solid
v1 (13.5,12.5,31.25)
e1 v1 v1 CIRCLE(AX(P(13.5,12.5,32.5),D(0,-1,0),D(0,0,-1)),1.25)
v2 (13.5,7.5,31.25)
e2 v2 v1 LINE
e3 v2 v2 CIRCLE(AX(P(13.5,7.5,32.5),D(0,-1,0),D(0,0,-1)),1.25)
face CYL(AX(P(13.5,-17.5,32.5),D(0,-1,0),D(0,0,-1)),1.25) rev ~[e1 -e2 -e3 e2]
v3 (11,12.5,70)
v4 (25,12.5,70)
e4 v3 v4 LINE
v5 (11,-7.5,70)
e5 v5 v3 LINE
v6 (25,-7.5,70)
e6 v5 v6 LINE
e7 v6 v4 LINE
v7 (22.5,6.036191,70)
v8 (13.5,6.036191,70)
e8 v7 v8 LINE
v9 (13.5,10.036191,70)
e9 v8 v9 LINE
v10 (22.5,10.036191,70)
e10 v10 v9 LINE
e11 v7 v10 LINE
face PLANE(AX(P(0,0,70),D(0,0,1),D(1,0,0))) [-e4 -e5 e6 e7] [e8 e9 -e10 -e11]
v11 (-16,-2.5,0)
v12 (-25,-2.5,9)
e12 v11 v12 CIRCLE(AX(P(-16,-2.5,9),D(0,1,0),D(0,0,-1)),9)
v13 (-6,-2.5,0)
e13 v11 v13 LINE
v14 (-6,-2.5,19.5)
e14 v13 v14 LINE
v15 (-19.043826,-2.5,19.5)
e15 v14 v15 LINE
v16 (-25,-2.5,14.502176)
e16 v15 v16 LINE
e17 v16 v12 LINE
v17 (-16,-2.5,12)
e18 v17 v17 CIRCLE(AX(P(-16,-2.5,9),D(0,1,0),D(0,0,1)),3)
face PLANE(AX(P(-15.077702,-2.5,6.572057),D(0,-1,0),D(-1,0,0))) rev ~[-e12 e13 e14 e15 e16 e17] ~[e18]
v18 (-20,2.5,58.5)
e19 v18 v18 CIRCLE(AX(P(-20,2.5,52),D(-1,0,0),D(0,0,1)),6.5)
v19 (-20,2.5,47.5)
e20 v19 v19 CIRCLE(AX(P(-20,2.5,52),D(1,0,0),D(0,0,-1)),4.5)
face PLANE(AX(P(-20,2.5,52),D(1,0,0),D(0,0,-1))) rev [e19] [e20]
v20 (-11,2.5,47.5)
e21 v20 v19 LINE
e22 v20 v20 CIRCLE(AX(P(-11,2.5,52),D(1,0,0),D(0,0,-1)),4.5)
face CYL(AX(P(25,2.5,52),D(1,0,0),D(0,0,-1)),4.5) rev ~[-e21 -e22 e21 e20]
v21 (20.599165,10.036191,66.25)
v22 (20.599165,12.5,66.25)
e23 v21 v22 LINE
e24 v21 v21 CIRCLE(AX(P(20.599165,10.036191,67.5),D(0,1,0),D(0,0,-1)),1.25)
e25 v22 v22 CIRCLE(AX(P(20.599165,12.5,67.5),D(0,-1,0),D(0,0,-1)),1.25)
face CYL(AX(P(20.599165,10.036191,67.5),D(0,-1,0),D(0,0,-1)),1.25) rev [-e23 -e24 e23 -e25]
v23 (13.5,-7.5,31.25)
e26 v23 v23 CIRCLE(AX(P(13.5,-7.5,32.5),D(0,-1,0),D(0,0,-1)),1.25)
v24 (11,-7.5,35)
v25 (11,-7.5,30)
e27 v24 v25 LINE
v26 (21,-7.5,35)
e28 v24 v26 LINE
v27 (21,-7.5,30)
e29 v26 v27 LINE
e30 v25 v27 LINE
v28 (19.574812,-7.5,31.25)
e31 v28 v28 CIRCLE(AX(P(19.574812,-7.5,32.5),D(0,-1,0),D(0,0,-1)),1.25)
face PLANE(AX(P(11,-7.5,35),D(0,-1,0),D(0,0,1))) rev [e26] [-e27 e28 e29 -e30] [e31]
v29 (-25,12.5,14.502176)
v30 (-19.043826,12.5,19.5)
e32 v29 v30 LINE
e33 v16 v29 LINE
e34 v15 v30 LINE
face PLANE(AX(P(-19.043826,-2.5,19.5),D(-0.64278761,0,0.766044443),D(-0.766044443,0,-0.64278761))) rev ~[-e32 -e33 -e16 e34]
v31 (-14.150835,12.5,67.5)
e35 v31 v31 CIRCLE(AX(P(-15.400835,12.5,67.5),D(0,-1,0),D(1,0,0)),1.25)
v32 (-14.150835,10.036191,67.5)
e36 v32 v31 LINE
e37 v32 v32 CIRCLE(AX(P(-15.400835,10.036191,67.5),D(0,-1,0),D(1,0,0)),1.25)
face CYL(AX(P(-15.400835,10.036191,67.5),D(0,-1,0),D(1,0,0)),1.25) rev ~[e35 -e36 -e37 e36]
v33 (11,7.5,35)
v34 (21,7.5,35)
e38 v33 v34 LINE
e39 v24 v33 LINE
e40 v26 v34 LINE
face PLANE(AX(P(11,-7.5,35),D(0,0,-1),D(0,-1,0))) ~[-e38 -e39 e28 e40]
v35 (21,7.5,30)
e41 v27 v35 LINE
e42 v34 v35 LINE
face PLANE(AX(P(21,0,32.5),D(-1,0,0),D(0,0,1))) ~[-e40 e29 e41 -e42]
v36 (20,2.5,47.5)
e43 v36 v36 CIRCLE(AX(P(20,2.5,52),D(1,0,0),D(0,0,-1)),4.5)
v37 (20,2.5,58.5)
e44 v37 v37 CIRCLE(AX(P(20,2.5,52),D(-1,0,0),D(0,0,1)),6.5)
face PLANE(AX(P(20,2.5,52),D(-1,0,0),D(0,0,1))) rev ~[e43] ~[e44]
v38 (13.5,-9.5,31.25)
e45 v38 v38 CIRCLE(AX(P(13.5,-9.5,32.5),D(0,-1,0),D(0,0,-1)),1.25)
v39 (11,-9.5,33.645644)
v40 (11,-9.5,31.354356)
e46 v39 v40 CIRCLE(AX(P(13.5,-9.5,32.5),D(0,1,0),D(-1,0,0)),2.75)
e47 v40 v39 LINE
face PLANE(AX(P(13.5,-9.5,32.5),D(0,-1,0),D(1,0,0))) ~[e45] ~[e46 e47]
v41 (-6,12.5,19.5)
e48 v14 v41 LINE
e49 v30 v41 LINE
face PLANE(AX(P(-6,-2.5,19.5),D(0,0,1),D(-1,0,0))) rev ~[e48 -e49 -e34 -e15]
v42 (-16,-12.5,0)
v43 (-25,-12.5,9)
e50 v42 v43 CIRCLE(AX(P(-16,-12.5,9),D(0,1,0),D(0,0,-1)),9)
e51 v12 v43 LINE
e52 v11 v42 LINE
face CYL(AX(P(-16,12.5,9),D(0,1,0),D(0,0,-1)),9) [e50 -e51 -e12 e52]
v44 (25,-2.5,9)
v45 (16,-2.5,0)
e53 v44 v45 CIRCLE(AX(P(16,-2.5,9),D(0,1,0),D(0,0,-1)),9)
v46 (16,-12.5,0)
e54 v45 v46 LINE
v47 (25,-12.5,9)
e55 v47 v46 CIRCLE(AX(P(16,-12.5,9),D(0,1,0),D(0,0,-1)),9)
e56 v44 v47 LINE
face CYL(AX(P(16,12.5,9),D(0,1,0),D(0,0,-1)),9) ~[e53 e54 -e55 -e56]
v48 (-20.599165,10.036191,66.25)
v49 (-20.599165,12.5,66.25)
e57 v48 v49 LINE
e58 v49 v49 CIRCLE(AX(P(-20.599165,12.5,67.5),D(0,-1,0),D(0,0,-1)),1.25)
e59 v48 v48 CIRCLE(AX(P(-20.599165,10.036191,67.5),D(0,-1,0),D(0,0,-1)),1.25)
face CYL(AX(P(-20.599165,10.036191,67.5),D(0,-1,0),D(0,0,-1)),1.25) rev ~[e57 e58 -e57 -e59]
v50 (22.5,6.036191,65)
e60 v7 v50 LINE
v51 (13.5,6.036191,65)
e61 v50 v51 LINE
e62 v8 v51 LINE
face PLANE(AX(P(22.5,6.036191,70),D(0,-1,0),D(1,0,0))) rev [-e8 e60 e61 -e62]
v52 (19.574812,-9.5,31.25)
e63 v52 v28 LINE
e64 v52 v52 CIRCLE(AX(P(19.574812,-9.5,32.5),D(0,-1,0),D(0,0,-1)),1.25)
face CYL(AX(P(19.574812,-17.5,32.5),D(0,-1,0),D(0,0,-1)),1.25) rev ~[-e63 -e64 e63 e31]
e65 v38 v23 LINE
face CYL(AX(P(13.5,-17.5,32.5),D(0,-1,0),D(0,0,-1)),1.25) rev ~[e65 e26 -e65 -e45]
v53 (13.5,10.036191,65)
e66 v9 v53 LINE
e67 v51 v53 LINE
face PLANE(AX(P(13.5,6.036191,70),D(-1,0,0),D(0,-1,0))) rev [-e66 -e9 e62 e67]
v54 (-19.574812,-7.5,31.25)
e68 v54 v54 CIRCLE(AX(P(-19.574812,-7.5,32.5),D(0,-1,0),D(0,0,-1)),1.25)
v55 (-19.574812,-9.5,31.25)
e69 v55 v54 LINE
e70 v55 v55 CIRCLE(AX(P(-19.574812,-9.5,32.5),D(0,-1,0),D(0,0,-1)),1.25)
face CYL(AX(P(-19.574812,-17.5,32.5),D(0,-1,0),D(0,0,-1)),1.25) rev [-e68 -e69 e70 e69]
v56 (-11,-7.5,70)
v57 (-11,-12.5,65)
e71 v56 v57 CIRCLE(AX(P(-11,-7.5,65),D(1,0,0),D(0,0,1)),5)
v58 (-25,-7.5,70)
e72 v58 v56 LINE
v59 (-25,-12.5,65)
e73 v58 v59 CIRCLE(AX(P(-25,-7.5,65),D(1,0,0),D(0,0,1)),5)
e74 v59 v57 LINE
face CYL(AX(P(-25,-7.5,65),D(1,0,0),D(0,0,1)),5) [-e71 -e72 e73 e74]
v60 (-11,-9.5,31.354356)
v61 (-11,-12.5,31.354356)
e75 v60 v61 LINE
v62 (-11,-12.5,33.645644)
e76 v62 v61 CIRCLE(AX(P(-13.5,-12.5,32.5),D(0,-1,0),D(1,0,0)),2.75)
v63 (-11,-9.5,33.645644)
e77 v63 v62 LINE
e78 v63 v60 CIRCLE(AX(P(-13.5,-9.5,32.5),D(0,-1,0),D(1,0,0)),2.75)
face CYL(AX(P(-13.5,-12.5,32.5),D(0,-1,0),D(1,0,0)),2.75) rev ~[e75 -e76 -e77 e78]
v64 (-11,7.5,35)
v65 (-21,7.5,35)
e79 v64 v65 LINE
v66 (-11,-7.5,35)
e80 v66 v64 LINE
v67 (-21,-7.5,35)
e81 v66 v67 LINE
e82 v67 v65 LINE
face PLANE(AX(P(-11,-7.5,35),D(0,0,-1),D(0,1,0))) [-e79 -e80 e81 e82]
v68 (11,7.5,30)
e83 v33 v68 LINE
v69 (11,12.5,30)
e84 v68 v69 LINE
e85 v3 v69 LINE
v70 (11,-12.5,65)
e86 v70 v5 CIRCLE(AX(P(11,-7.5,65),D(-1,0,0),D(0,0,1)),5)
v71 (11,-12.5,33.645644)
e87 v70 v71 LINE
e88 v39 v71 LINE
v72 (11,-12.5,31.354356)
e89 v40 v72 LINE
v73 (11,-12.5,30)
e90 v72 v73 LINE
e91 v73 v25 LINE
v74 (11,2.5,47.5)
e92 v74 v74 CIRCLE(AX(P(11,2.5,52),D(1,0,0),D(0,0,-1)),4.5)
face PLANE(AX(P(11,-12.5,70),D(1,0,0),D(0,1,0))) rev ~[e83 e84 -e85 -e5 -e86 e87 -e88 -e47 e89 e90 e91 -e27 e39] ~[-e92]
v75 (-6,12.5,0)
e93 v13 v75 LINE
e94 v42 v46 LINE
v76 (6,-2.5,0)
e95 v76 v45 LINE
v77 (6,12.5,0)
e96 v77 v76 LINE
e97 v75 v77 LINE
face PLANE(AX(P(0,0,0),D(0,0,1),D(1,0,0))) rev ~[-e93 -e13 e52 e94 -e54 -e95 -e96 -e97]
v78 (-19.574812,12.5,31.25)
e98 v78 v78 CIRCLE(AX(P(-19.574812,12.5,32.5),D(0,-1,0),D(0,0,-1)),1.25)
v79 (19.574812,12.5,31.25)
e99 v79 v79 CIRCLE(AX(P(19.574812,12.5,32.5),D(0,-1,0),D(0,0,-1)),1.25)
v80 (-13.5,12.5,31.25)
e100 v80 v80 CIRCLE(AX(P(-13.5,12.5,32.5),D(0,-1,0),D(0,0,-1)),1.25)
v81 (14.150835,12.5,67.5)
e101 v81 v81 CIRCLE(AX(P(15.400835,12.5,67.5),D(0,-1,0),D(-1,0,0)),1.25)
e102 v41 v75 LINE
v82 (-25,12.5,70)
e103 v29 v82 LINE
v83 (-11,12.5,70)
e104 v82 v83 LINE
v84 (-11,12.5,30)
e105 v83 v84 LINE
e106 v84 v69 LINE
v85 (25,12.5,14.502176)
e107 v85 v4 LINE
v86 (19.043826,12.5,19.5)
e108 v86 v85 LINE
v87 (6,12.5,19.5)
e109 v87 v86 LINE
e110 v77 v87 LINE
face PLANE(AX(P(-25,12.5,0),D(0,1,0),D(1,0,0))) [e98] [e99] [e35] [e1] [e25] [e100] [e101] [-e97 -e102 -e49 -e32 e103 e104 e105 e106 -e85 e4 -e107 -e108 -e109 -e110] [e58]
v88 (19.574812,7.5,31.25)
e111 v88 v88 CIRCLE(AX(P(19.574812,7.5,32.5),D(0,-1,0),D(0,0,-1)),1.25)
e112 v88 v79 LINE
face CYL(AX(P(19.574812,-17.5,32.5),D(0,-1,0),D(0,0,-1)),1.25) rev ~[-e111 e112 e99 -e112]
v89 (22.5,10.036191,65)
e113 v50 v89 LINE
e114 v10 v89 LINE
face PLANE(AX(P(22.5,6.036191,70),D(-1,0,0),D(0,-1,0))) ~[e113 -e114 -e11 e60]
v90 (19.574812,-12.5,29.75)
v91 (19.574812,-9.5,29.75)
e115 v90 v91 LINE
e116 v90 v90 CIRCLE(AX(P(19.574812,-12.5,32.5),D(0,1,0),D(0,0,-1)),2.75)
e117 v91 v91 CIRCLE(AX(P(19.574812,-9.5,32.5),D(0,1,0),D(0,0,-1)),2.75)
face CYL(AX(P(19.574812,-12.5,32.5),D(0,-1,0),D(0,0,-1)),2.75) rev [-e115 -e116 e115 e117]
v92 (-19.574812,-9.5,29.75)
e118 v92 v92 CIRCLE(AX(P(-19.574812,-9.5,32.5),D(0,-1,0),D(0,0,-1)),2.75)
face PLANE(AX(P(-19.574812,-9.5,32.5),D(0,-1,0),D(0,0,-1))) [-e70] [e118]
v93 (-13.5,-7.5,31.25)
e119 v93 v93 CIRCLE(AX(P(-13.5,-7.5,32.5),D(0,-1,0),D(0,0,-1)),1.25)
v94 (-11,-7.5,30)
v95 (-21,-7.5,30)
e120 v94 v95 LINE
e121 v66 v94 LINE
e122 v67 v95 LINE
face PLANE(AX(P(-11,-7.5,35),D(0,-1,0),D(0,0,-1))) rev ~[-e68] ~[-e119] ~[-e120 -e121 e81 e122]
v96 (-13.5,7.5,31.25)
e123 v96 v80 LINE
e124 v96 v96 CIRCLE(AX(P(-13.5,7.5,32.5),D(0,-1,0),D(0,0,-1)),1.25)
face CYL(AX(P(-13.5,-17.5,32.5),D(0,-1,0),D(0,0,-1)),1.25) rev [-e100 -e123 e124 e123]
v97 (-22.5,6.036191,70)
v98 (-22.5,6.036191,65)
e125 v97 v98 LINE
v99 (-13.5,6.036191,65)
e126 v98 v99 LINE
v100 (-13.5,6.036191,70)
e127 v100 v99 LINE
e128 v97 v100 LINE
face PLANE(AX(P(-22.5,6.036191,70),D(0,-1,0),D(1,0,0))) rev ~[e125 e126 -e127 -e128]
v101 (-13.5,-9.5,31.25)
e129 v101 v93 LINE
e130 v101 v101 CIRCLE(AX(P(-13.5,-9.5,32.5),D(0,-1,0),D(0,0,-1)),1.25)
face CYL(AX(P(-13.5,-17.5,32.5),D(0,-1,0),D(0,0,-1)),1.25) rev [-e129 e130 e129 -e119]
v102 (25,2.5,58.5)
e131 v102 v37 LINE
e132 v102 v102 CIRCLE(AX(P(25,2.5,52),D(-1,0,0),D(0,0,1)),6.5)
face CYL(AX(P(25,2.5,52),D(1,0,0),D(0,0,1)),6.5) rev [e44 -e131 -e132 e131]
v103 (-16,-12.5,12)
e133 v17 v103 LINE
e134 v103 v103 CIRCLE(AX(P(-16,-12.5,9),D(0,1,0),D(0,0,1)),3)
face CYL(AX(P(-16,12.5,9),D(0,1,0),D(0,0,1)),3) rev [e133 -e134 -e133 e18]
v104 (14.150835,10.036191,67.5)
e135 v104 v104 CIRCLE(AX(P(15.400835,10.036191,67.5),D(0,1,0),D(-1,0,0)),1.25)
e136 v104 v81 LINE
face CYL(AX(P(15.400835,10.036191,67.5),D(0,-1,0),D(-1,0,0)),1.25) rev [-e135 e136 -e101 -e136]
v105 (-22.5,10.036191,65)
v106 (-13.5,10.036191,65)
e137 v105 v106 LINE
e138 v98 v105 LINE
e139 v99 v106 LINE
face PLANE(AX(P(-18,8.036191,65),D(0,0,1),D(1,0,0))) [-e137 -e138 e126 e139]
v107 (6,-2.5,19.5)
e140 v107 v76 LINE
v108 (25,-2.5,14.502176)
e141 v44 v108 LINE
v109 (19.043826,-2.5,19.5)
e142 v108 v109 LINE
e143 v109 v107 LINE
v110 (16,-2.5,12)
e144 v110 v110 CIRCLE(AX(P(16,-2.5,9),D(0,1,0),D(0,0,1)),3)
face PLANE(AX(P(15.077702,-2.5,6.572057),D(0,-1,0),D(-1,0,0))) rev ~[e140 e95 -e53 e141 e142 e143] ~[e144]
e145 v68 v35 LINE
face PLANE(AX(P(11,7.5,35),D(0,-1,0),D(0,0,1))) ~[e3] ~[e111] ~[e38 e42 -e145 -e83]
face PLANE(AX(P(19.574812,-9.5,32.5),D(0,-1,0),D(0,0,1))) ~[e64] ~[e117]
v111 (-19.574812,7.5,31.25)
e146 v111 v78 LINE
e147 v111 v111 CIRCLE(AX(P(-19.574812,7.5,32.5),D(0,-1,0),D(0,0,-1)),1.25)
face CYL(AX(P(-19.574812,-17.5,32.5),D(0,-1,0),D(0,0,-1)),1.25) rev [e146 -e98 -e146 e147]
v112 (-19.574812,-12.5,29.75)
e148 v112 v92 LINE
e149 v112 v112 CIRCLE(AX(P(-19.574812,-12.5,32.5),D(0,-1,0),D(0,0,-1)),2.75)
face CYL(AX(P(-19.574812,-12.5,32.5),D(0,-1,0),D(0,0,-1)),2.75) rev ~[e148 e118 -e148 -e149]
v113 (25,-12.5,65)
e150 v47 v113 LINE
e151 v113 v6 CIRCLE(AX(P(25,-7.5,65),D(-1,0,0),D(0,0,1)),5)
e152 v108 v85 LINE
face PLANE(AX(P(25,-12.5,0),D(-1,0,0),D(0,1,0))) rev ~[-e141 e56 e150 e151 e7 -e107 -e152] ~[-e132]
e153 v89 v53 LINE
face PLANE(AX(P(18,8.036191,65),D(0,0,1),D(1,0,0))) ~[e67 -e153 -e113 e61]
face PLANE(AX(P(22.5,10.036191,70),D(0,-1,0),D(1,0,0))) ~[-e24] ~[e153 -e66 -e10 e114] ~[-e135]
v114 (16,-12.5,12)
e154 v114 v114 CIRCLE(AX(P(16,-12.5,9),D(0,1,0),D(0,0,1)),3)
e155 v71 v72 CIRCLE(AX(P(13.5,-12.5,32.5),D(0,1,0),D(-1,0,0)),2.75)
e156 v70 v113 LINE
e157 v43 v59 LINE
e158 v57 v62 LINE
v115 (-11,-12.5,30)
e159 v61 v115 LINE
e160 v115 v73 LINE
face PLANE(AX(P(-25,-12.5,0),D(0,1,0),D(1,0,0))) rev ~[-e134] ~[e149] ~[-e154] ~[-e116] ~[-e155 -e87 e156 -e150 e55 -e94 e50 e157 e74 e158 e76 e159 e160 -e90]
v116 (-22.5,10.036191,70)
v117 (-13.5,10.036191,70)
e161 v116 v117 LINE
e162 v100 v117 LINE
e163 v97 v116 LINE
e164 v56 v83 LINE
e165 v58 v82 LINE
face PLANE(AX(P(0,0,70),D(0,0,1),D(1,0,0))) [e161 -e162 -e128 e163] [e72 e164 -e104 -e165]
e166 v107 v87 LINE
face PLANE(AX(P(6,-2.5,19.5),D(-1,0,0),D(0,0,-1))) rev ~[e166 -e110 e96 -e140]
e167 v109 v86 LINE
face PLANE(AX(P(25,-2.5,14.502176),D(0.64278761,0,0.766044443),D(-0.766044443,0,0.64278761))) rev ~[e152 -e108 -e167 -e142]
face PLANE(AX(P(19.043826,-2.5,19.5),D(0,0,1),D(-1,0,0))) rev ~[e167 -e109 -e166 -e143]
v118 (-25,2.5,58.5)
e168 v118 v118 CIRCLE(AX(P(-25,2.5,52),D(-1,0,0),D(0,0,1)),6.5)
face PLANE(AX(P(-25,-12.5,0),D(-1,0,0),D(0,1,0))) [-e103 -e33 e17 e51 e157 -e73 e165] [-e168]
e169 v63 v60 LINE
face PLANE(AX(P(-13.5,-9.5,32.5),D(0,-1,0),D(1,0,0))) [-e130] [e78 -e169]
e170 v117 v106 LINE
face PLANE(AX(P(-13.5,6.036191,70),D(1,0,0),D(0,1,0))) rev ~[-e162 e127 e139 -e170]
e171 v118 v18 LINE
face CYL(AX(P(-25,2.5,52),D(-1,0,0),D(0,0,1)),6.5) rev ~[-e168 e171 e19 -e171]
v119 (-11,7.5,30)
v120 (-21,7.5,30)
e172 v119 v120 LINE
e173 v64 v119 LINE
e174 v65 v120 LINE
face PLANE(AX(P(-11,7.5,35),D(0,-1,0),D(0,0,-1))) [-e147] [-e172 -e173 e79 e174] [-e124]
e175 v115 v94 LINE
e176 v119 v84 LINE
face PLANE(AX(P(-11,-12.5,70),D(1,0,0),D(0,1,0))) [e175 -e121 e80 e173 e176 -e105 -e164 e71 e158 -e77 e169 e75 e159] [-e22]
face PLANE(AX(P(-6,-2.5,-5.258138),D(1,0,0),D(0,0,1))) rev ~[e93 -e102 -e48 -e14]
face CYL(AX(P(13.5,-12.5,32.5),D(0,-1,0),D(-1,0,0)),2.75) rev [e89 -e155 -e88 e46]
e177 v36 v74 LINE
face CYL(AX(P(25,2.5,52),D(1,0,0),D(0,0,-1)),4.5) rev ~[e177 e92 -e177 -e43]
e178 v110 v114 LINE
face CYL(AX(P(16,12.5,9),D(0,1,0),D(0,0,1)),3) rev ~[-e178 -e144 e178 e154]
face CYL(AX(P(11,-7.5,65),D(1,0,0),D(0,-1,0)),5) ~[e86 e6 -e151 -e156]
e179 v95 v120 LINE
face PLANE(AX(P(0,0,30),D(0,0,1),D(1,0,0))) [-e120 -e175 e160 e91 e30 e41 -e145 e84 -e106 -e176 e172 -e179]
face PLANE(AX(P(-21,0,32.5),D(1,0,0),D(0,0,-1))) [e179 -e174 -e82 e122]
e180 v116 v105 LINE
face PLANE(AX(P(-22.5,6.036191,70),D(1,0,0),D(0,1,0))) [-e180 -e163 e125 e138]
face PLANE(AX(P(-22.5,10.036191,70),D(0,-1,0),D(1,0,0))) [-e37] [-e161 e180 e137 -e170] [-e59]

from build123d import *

# Parameters (mm, degrees)
SKETCH_1_W               = 50
SKETCH_1_H               = 25
EXTRUDE_1_DEPTH          = 70
SKETCH_2_W               = 22
SKETCH_2_H               = 25
CUT_EXTRUDE_1_DEPTH      = 40
SKETCH_3_R               = 4.5
CUT_EXTRUDE_2_DEPTH      = 50
SKETCH_4_R               = 6.5
CUT_EXTRUDE_4_DEPTH      = 5
SKETCH_5_R               = 3
CUT_EXTRUDE_5_DEPTH      = 29
CUT_EXTRUDE_6_DEPTH      = 5
CUT_EXTRUDE_6_DEPTH_BACK = 15
SKETCH_7_W               = 5
SKETCH_7_H               = 15
CUT_EXTRUDE_7_DEPTH      = 10
CUT_EXTRUDE_START        = -10
SKETCH_8_R               = 1.25
CUT_EXTRUDE_8_DEPTH      = 40
SKETCH_9_R               = 2.75
CUT_EXTRUDE_9_DEPTH      = 3
FILLET_2_R               = 5
SKETCH_10_W              = 9
SKETCH_10_H              = 4
CUT_EXTRUDE_10_DEPTH     = 5
SKETCH_12_R              = 1.25
CUT_EXTRUDE_11_DEPTH     = 10


with BuildPart() as part:
    # 스케치1 → 보스-돌출1 (new body)
    with BuildSketch(Plane.XY):
        Rectangle(SKETCH_1_W, SKETCH_1_H)
    extrude(amount=EXTRUDE_1_DEPTH)

    # 스케치2 → 컷-돌출1 (cut)
    with BuildSketch(Plane.XY.offset(70)):
        Rectangle(SKETCH_2_W, SKETCH_2_H)
    extrude(amount=-CUT_EXTRUDE_1_DEPTH, mode=Mode.SUBTRACT)

    # 스케치3 → 컷-돌출2 (cut)
    with BuildSketch(Plane(origin=(25, 0, 0), x_dir=(0, 0, -1), z_dir=(1, 0, 0))):
        with Locations((-52, 2.5)):
            Circle(SKETCH_3_R)
    extrude(amount=-CUT_EXTRUDE_2_DEPTH, mode=Mode.SUBTRACT)

    # 스케치4 → 컷-돌출4 (cut)
    with BuildSketch(Plane.ZY.offset(-25)):
        with Locations((52, 2.5)):
            Circle(SKETCH_4_R)
    cut_extrude_4 = extrude(amount=CUT_EXTRUDE_4_DEPTH, mode=Mode.SUBTRACT)

    # 스케치5 → 컷-돌출5 (cut)
    with BuildSketch(Plane(origin=(0, 12.5, 0), x_dir=(1, 0, 0), z_dir=(0, 1, 0))):
        with Locations((16, -9)):
            Circle(SKETCH_5_R)
        with BuildLine():
            Line((16, 12.355747981), (16, 0))
            ThreePointArc((16, 0), (22.363961031, -2.636038969), (25, -9))
            Line((25, -9), (37.355747981, -9))
            ThreePointArc((37.355747981, -9), (31.100794214, 6.100794214), (16, 12.355747981))
        make_face()
    cut_extrude_5 = extrude(amount=-CUT_EXTRUDE_5_DEPTH, mode=Mode.SUBTRACT)

    # 대칭 복사2: 컷-돌출4, 컷-돌출5 across plane
    add(cut_extrude_4.mirror(Plane(origin=(0, 0, 0), x_dir=(0, 0, 1), z_dir=(1, 0, 0))), mode=Mode.SUBTRACT)
    add(cut_extrude_5.mirror(Plane(origin=(0, 0, 0), x_dir=(0, 0, 1), z_dir=(1, 0, 0))), mode=Mode.SUBTRACT)

    # 스케치6 → 컷-돌출6 (cut, two sides: drawn at the far end of the back side and taken through both)
    with BuildSketch(Plane(origin=(0, 12.5, 0), x_dir=(1, 0, 0), z_dir=(0, 1, 0)).offset(-CUT_EXTRUDE_6_DEPTH_BACK)):
        Polygon((6, -19.5), (6, 5.258137662), (25, 5.258137662), (25, -14.502176213), (19.043825546, -19.5), align=None)
        Polygon((-25, -14.502176213), (-25, 5.258137662), (-6, 5.258137662), (-6, -19.5), (-19.043825546, -19.5), align=None)
    extrude(amount=CUT_EXTRUDE_6_DEPTH + CUT_EXTRUDE_6_DEPTH_BACK, mode=Mode.SUBTRACT)

    # 스케치7 → 컷-돌출7 (cut)
    with BuildSketch(Plane(origin=(-11, 0, 0), x_dir=(0, 0, -1), z_dir=(1, 0, 0))):
        with Locations((-32.5, 0)):
            Rectangle(SKETCH_7_W, SKETCH_7_H)
    cut_extrude_7 = extrude(amount=-CUT_EXTRUDE_7_DEPTH, mode=Mode.SUBTRACT)

    # 스케치8 → 컷-돌출8 (cut)
    with BuildSketch(Plane(origin=(0, -7.5, 0), x_dir=(1, 0, 0), z_dir=(0, 1, 0)).offset(CUT_EXTRUDE_START)):
        with Locations((-13.5, -32.5)):
            Circle(SKETCH_8_R)
        with Locations((-19.574812365, -32.5)):
            Circle(SKETCH_8_R)
    cut_extrude_8 = extrude(amount=CUT_EXTRUDE_8_DEPTH, mode=Mode.SUBTRACT)

    # 스케치9 → 컷-돌출9 (cut)
    with BuildSketch(Plane.XZ.offset(12.5)):
        with Locations((-19.574812365, 32.5)):
            Circle(SKETCH_9_R)
        with Locations((-13.5, 32.5)):
            Circle(SKETCH_9_R)
    cut_extrude_9 = extrude(amount=-CUT_EXTRUDE_9_DEPTH, mode=Mode.SUBTRACT)

    # 필렛2
    fillet_2_edges = [part.edges().sort_by_distance(p)[0] for p in [
        (18, -12.5, 70),
        (-18, -12.5, 70),
    ]]
    fillet(fillet_2_edges, radius=FILLET_2_R)

    # 스케치10 → 컷-돌출10 (cut)
    with BuildSketch(Plane.XY.offset(70)):
        with Locations((-18, 8.036191449)):
            Rectangle(SKETCH_10_W, SKETCH_10_H)
    cut_extrude_10 = extrude(amount=-CUT_EXTRUDE_10_DEPTH, mode=Mode.SUBTRACT)

    # 스케치12 → 컷-돌출11 (cut)
    with BuildSketch(Plane.XZ.offset(-10.036191449)):
        with Locations((-15.400835213, 67.5)):
            Circle(SKETCH_12_R)
        with Locations((-20.599164787, 67.5)):
            Circle(SKETCH_12_R)
    cut_extrude_11 = extrude(amount=-CUT_EXTRUDE_11_DEPTH, mode=Mode.SUBTRACT)

    # 대칭 복사3: 컷-돌출7, 컷-돌출8, 컷-돌출9, 컷-돌출10, 컷-돌출11 across plane
    add(cut_extrude_7.mirror(Plane(origin=(0, 0, 0), x_dir=(0, 0, 1), z_dir=(1, 0, 0))), mode=Mode.SUBTRACT)
    add(cut_extrude_8.mirror(Plane(origin=(0, 0, 0), x_dir=(0, 0, 1), z_dir=(1, 0, 0))), mode=Mode.SUBTRACT)
    add(cut_extrude_9.mirror(Plane(origin=(0, 0, 0), x_dir=(0, 0, 1), z_dir=(1, 0, 0))), mode=Mode.SUBTRACT)
    add(cut_extrude_10.mirror(Plane(origin=(0, 0, 0), x_dir=(0, 0, 1), z_dir=(1, 0, 0))), mode=Mode.SUBTRACT)
    add(cut_extrude_11.mirror(Plane(origin=(0, 0, 0), x_dir=(0, 0, 1), z_dir=(1, 0, 0))), mode=Mode.SUBTRACT)


solid = part.part
